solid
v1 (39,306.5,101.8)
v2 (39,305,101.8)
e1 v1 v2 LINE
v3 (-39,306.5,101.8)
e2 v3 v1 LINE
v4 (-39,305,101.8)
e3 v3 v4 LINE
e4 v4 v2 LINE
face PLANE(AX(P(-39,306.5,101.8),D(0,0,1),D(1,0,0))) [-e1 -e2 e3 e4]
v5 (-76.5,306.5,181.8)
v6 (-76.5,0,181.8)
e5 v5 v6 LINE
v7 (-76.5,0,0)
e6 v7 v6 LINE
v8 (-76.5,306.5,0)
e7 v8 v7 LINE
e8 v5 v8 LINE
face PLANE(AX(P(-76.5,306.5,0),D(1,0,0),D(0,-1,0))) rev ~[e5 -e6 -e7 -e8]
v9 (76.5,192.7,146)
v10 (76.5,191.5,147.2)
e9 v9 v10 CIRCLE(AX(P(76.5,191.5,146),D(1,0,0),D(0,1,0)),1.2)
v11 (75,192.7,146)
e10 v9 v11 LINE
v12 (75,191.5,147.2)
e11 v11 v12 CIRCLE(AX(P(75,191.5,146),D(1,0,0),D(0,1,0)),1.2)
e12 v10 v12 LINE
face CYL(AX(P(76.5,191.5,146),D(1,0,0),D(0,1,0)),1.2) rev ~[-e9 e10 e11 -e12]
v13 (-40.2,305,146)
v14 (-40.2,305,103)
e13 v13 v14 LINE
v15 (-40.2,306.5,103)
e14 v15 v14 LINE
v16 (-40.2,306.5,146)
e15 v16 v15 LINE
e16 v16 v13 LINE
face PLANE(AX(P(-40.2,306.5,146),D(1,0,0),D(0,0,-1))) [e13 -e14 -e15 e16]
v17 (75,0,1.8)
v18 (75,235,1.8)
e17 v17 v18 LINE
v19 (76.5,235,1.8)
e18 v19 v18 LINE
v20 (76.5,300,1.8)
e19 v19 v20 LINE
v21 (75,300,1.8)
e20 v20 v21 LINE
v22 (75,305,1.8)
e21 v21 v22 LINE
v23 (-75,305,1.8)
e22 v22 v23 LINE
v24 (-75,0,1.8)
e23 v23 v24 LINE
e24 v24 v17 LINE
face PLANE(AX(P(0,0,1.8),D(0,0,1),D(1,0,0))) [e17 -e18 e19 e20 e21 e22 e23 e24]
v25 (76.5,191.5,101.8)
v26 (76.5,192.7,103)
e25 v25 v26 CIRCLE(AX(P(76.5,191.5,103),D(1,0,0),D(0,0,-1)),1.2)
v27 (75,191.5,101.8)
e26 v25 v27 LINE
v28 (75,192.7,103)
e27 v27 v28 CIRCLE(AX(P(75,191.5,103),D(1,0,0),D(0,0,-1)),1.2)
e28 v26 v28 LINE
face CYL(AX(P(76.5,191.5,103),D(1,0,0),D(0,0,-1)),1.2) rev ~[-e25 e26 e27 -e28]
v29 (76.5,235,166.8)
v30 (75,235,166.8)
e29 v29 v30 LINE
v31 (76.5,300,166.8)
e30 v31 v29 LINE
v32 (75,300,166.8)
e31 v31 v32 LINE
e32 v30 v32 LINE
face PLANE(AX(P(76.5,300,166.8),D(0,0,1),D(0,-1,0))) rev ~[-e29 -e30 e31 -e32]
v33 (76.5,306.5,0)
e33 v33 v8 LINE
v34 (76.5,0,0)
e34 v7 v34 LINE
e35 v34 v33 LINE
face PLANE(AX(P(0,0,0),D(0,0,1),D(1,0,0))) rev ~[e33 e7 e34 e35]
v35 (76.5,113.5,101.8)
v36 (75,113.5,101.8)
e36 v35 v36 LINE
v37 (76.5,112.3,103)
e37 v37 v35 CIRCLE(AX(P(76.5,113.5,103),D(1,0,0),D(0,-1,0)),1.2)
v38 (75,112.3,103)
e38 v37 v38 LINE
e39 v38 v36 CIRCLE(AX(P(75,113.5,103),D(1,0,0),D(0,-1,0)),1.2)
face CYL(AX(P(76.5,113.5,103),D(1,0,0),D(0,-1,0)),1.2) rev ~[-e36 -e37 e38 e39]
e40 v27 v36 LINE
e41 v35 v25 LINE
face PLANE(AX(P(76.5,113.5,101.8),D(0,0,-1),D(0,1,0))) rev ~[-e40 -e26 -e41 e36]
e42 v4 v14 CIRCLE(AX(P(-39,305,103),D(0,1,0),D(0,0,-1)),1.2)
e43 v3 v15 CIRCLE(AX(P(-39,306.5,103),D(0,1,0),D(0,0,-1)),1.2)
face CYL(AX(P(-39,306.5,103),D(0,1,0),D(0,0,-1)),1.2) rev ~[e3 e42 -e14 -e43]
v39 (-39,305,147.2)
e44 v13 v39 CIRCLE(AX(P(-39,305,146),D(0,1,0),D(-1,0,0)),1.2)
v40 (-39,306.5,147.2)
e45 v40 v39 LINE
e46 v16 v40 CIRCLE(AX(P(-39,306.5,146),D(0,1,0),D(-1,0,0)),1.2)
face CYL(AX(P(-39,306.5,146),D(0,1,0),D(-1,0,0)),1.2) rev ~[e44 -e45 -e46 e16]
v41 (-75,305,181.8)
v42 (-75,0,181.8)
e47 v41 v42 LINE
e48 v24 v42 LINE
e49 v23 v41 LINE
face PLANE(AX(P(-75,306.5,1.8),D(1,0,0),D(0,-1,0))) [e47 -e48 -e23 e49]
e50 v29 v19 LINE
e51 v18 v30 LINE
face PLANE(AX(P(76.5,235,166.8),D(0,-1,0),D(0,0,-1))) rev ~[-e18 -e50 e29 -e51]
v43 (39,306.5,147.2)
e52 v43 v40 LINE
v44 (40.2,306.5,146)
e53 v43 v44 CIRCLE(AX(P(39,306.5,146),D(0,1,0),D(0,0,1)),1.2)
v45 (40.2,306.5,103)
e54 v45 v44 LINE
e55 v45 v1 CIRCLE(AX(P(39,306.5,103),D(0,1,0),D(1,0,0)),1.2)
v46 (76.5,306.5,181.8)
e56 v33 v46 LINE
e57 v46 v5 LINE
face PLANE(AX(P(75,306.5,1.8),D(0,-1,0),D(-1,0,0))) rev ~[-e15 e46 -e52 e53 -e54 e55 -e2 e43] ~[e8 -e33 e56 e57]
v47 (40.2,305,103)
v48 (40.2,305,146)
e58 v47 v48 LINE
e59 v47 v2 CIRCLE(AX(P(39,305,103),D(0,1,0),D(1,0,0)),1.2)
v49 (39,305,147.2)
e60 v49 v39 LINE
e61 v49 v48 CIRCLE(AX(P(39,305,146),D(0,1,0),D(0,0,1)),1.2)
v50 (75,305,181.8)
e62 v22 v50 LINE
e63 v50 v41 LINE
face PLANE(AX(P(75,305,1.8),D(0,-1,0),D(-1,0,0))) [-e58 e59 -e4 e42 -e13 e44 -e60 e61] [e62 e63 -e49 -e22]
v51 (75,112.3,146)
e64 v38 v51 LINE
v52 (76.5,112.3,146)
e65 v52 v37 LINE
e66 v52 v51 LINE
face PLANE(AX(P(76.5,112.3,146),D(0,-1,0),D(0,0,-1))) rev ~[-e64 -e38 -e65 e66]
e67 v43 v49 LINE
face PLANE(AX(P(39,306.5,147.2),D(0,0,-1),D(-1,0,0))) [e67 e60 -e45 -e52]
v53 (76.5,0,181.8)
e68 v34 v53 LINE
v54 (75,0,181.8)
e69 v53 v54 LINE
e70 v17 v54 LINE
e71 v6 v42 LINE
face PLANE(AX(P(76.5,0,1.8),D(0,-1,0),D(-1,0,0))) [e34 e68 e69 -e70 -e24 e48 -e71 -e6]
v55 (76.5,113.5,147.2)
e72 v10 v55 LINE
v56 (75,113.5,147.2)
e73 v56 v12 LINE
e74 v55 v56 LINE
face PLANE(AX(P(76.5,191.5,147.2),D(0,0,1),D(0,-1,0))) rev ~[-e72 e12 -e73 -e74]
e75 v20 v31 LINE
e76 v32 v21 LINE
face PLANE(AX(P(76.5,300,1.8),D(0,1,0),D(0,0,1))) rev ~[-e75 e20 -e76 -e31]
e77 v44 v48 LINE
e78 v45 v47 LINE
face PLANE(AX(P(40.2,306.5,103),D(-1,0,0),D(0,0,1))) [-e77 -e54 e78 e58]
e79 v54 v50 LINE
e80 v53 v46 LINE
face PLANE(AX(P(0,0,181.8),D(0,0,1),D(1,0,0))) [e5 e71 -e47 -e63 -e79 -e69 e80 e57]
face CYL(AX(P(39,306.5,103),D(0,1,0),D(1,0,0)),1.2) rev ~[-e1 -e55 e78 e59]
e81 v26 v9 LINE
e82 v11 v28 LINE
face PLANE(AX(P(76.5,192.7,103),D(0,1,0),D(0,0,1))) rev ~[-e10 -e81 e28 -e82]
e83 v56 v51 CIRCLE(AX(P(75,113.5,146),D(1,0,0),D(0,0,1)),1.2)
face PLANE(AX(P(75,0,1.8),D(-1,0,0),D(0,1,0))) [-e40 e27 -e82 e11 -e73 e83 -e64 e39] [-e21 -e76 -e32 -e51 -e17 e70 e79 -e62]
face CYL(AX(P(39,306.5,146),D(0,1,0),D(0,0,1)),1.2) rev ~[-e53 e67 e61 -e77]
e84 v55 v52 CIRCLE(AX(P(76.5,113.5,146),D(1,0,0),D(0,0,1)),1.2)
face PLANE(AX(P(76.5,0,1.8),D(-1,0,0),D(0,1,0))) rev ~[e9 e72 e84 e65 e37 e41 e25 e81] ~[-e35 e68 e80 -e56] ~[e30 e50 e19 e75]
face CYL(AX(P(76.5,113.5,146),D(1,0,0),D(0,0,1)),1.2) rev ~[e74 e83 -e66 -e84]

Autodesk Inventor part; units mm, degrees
ref_plane "YZ Plane" through (0, 0, 0) normal (1, 0, 0) x (0, 1, 0)
ref_plane "XZ Plane" through (0, 0, 0) normal (0, 1, 0) x (-1, 0, 0)
ref_plane "XY Plane" through (0, 0, 0) normal (0, 0, 1) x (1, 0, 0)
sketch "Skizze1" plane through (0, 0, 0) normal (0, 0, 1) x (1, 0, 0)
  line L0 (-76.5, 0) -> (76.5, 0)
  line L1 (76.5, 0) -> (76.5, 306.5)
  line L2 (76.5, 306.5) -> (-76.5, 306.5)
  line L3 (-76.5, 306.5) -> (-76.5, 0)
  line L4 (75, 306.5) -> (75, 0) construction
  line L5 (-75, 0) -> (-75, 306.5) construction
  line L6 (-76.5, 305) -> (76.5, 305) construction
  point P0 (0, 0)
  point P1 (0, 0)
  point P2 (-75, 305)
  point P3 (75, 305)
  dimension "d2" = 1.5
  dimension "d3" = 1.5
  dimension "d4" = 1.5
  dimension "d5" = 150
  dimension "d6" = 305
extrude "Bodenplatte" add sketch "Skizze1" along normal blind 1.8
sketch "Skizze3" plane through (0, 0, 1.8) normal (0, 0, 1) x (1, 0, 0)
  line L0 (-76.5, 306.5) -> (-76.5, 0) projected
  line L1 (-76.5, 0) -> (76.5, 0) projected
  line L2 (-76.5, 306.5) -> (-75, 306.5)
  line L3 (-75, 306.5) -> (-75, 0)
  line L4 (-75, 0) -> (-76.5, 0)
  line L5 (-76.5, 0) -> (-76.5, 306.5)
  point P0 (0, 0)
  dimension "d9" = 1.5
extrude "Wand_links" add sketch "Skizze3" along normal blind 180
sketch "Skizze4" plane through (0, 0, 1.8) normal (0, 0, 1) x (1, 0, 0)
  line L0 (76.5, 0) -> (76.5, 306.5) projected
  line L1 (76.5, 0) -> (75, 0)
  line L2 (75, 0) -> (75, 306.5)
  line L3 (75, 306.5) -> (76.5, 306.5)
  line L4 (76.5, 306.5) -> (76.5, 0)
  point P0 (0, 0)
  dimension "d12" = 1.5
extrude "Wand_rechts" add sketch "Skizze4" along normal blind 180
sketch "Skizze5" plane through (0, 0, 1.8) normal (0, 0, 1) x (1, 0, 0)
  line L0 (75, 306.5) -> (-75, 306.5) projected
  line L1 (75, 306.5) -> (75, 0) projected
  line L2 (-75, 0) -> (-75, 306.5) projected
  line L3 (-75, 306.5) -> (-76.5, 306.5) projected
  line L4 (-75, 306.5) -> (75, 306.5)
  line L5 (75, 306.5) -> (75, 305)
  line L6 (75, 305) -> (-75, 305)
  line L7 (-75, 305) -> (-75, 306.5)
  point P0 (0, 0)
  dimension "d15" = 1.5
extrude "Wand_vorn" add sketch "Skizze5" along normal blind 180
sketch "Skizze6" plane through (-76.5, 306.5, 0) normal (0, 1, 0) x (1, 0, 0)
  line L0 (153, 0) -> (0, 0) construction
  line L1 (0, 0) -> (0, -181.8) construction
  line L2 (153, -181.8) -> (0, -181.8) construction
  line L3 (153, 0) -> (153, -181.8) construction
  line L4 (115.5, -147.2) -> (37.5, -147.2)
  line L5 (36.3, -146) -> (36.3, -103)
  line L6 (37.5, -101.8) -> (115.5, -101.8)
  line L7 (116.7, -103) -> (116.7, -146)
  line L8 (76.5, 0) -> (76.5, -181.8) construction
  line L9 (153, 0) -> (153, -181.8) construction
  line L10 (151.5, -1.8) -> (1.5, -1.8) construction
  arc A0 (115.5, -147.2) -> (116.7, -146) centre (115.5, -146) ccw
  arc A1 (36.3, -146) -> (37.5, -147.2) centre (37.5, -146) ccw
  arc A2 (37.5, -101.8) -> (36.3, -103) centre (37.5, -103) ccw
  arc A3 (116.7, -103) -> (115.5, -101.8) centre (115.5, -103) ccw
  point P0 (116.7, -147.2)
  point P1 (36.3, -101.8)
  point P2 (36.3, -147.2)
  point P3 (116.7, -101.8)
  point P4 (76.5, -147.2)
  dimension "d18" = 80.4
  dimension "d19" = 45.4
  dimension "d25" = 100
  dimension "d35" = 1.2
extrude "Fenster_vorn" cut sketch "Skizze6" against normal up to next
sketch "Skizze7" plane through (76.5, 0, 0) normal (1, 0, 0) x (0, 0, -1)
  line L0 (-1.8, 0) -> (-1.8, 305) construction
  line L1 (-181.8, 305) -> (-1.8, 305) construction
  line L2 (-146, 112.3) -> (-103, 112.3)
  line L3 (-101.8, 113.5) -> (-101.8, 191.5)
  line L4 (-103, 192.7) -> (-146, 192.7)
  line L5 (-147.2, 191.5) -> (-147.2, 113.5)
  arc A0 (-147.2, 113.5) -> (-146, 112.3) centre (-146, 113.5) ccw
  arc A1 (-146, 192.7) -> (-147.2, 191.5) centre (-146, 191.5) ccw
  arc A2 (-101.8, 191.5) -> (-103, 192.7) centre (-103, 191.5) ccw
  arc A3 (-103, 112.3) -> (-101.8, 113.5) centre (-103, 113.5) ccw
  line L6 (-1.8, 152.5) -> (-181.8, 152.5) construction
  line L7 (-181.8, 0) -> (-181.8, 305) construction
  point P0 (0, 0)
  point P1 (-101.8, 192.7)
  point P2 (-101.8, 112.3)
  point P3 (-147.2, 192.7)
  point P4 (-147.2, 152.5)
  dimension "d26" = 45.4
  dimension "d27" = 80.4
  dimension "d28" = 1.2
  dimension "d29" = 1.2
  dimension "d30" = 1.2
  dimension "d31" = 1.2
  dimension "d34" = 100
extrude "Fenster_rechts" cut sketch "Skizze7" against normal blind 10
sketch "Skizze8" plane through (76.5, 0, 0) normal (1, 0, 0) x (0, 0, -1)
  line L0 (-181.8, 305) -> (-1.8, 305) construction
  line L1 (-1.8, 0) -> (-1.8, 305) construction
  line L2 (-166.8, 235) -> (-1.8, 235)
  line L3 (-1.8, 235) -> (-1.8, 300)
  line L4 (-1.8, 300) -> (-166.8, 300)
  line L5 (-166.8, 300) -> (-166.8, 235)
  point P0 (0, 0)
  dimension "d36" = 65
  dimension "d37" = 165
  dimension "d38" = 5
extrude "Tuer_rechts" cut sketch "Skizze8" against normal blind 10
properties part number "Koffer_leer"
